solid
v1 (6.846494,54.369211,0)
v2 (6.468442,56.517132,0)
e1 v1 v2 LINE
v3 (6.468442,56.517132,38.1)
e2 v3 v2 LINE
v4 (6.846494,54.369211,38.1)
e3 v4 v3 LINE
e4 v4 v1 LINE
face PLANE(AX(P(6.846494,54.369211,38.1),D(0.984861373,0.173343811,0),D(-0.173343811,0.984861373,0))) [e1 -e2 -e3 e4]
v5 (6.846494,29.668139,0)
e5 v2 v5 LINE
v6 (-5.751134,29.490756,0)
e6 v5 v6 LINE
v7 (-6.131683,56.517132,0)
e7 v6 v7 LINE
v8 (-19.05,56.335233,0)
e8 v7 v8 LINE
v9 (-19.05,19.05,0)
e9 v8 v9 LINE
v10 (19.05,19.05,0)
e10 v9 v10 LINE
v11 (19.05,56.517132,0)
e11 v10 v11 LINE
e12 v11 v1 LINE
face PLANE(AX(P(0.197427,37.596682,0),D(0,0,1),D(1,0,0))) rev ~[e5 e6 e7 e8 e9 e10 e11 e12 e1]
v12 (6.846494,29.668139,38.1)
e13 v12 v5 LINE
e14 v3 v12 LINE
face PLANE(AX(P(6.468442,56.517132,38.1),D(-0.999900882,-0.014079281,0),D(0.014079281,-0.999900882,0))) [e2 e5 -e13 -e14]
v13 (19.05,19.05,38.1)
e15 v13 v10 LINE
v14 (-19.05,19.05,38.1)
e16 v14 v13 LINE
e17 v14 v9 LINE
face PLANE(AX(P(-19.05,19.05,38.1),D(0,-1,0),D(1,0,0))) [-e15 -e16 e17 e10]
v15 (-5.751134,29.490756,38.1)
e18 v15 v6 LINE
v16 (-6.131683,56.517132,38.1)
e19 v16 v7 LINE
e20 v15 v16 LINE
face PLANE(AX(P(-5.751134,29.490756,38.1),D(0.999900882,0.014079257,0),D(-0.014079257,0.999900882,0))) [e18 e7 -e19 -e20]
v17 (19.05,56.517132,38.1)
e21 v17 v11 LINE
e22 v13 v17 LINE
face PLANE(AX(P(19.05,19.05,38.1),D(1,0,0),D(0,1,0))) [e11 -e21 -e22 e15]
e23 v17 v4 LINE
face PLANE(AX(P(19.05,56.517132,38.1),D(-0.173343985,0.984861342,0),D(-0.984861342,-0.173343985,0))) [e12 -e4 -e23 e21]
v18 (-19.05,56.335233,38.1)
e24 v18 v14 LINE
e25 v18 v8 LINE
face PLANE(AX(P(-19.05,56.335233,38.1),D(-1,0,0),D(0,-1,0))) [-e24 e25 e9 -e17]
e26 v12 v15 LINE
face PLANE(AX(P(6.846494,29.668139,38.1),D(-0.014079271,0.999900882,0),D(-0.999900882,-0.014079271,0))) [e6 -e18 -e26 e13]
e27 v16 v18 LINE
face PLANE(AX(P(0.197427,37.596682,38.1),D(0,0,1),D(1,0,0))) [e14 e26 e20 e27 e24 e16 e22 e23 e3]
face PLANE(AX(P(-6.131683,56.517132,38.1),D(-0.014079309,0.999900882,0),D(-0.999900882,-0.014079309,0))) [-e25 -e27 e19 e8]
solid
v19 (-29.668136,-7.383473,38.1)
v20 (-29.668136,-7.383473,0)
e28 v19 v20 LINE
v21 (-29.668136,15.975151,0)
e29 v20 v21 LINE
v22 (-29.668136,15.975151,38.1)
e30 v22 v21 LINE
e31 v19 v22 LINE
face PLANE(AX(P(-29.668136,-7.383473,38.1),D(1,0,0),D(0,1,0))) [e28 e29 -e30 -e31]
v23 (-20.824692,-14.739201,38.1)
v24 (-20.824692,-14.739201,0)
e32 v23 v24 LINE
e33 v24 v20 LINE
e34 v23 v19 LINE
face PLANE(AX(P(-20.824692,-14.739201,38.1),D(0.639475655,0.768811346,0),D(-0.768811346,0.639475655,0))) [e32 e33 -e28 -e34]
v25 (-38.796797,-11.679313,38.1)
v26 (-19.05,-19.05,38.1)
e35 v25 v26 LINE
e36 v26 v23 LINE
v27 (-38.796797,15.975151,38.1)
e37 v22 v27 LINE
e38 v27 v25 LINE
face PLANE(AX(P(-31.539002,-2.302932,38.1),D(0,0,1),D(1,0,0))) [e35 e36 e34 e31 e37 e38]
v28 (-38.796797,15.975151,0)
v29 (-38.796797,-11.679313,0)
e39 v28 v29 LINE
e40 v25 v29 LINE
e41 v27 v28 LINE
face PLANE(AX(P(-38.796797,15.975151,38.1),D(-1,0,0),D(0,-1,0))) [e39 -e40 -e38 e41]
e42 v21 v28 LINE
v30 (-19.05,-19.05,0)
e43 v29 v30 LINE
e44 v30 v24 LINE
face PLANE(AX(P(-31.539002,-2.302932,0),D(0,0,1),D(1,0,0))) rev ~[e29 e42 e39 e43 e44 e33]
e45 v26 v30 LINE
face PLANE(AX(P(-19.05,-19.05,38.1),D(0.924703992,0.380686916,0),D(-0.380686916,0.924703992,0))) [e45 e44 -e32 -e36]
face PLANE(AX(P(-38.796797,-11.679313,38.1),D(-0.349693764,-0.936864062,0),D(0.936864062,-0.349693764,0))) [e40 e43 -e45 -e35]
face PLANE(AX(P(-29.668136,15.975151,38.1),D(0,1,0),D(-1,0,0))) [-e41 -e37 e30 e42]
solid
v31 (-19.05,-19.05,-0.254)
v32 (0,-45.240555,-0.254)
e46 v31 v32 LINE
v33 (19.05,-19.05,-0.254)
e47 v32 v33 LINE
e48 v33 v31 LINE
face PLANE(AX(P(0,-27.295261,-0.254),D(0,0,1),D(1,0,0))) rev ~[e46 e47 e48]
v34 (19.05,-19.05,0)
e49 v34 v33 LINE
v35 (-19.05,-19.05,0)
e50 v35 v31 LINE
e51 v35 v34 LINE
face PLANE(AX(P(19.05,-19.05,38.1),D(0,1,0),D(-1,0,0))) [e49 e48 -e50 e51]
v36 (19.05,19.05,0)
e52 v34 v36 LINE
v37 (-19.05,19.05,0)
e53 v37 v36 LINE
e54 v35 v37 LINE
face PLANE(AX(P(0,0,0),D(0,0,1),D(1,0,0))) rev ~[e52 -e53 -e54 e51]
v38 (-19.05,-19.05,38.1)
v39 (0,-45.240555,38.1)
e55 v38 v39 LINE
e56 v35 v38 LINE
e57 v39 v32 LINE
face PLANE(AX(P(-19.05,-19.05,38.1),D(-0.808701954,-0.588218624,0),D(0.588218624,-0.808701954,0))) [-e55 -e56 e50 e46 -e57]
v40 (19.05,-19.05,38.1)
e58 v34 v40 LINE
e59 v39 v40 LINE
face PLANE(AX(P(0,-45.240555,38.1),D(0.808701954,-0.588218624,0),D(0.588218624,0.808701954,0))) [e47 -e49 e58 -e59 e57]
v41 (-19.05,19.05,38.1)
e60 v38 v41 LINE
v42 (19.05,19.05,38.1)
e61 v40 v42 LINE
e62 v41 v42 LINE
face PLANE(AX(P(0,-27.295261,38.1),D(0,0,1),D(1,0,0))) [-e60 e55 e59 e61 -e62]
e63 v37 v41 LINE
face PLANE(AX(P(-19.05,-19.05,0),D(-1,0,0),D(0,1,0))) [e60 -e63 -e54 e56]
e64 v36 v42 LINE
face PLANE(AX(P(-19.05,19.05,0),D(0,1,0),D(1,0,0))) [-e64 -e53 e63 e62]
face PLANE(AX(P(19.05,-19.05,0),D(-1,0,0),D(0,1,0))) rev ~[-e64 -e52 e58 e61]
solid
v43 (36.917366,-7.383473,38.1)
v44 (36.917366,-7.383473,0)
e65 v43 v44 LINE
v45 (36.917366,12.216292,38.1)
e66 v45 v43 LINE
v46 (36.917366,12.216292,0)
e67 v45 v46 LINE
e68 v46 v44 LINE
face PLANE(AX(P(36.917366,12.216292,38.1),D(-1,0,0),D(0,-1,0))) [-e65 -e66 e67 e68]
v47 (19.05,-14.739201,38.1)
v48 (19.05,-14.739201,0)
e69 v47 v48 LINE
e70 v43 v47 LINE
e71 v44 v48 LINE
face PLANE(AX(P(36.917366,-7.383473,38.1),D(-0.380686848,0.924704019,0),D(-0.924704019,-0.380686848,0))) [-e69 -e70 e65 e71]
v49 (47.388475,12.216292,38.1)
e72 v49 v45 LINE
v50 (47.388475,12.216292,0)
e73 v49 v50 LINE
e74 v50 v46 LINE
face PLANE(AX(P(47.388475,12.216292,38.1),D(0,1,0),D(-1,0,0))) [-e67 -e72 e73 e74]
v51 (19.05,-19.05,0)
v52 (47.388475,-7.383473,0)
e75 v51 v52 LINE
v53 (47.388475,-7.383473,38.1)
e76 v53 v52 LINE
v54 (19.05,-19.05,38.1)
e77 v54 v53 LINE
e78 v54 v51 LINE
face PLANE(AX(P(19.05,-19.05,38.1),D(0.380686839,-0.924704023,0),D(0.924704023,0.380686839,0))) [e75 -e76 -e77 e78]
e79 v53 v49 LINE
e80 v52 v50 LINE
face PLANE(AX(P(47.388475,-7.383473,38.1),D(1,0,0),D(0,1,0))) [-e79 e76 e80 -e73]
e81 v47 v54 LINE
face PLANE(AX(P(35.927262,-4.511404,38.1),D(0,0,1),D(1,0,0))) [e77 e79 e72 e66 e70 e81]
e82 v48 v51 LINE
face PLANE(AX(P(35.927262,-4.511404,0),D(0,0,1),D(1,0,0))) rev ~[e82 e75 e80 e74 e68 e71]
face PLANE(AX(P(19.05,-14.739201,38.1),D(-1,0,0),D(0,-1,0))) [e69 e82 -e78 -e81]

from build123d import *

# Parameters (mm, degrees)
F0_W     = 38.1
F0_H     = 38.1
F2_DEPTH = 38.1
F4_DEPTH = 38.354
F6_DEPTH = 38.1


with BuildPart() as f2:
    # F0 (on Top) → F2 (new body)
    with BuildSketch(Plane.XY):
        Rectangle(F0_W, F0_H)
    extrude(amount=F2_DEPTH)

    # F3 (on face) → F4 (join)
    with BuildSketch(Plane.XY.offset(38.1)):
        Polygon((19.05, -19.05), (-19.05, -19.05), (0, -45.240555), align=None)
    extrude(amount=-F4_DEPTH)


with BuildPart() as f6:
    # F5 (on face) → F6 (new body)
    with BuildSketch(Plane.XY.offset(38.1)):
        Polygon((-19.05, 19.05), (19.05, 19.05), (19.05, 56.517132), (6.846494, 54.369211), (6.468442, 56.517132), (6.846494, 29.668139), (-5.751134, 29.490756), (-6.131683, 56.517132), (-19.05, 56.335233), align=None)
        Polygon((19.05, -14.739201), (19.05, -19.05), (47.388475, -7.383473), (47.388475, 12.216292), (36.917366, 12.216292), (36.917366, -7.383473), align=None)
        Polygon((-38.796797, -11.679313), (-19.05, -19.05), (-20.824692, -14.739201), (-29.668136, -7.383473), (-29.668136, 15.975151), (-38.796797, 15.975151), align=None)
    extrude(amount=-F6_DEPTH)


solid = Compound([f2.part, f6.part])
